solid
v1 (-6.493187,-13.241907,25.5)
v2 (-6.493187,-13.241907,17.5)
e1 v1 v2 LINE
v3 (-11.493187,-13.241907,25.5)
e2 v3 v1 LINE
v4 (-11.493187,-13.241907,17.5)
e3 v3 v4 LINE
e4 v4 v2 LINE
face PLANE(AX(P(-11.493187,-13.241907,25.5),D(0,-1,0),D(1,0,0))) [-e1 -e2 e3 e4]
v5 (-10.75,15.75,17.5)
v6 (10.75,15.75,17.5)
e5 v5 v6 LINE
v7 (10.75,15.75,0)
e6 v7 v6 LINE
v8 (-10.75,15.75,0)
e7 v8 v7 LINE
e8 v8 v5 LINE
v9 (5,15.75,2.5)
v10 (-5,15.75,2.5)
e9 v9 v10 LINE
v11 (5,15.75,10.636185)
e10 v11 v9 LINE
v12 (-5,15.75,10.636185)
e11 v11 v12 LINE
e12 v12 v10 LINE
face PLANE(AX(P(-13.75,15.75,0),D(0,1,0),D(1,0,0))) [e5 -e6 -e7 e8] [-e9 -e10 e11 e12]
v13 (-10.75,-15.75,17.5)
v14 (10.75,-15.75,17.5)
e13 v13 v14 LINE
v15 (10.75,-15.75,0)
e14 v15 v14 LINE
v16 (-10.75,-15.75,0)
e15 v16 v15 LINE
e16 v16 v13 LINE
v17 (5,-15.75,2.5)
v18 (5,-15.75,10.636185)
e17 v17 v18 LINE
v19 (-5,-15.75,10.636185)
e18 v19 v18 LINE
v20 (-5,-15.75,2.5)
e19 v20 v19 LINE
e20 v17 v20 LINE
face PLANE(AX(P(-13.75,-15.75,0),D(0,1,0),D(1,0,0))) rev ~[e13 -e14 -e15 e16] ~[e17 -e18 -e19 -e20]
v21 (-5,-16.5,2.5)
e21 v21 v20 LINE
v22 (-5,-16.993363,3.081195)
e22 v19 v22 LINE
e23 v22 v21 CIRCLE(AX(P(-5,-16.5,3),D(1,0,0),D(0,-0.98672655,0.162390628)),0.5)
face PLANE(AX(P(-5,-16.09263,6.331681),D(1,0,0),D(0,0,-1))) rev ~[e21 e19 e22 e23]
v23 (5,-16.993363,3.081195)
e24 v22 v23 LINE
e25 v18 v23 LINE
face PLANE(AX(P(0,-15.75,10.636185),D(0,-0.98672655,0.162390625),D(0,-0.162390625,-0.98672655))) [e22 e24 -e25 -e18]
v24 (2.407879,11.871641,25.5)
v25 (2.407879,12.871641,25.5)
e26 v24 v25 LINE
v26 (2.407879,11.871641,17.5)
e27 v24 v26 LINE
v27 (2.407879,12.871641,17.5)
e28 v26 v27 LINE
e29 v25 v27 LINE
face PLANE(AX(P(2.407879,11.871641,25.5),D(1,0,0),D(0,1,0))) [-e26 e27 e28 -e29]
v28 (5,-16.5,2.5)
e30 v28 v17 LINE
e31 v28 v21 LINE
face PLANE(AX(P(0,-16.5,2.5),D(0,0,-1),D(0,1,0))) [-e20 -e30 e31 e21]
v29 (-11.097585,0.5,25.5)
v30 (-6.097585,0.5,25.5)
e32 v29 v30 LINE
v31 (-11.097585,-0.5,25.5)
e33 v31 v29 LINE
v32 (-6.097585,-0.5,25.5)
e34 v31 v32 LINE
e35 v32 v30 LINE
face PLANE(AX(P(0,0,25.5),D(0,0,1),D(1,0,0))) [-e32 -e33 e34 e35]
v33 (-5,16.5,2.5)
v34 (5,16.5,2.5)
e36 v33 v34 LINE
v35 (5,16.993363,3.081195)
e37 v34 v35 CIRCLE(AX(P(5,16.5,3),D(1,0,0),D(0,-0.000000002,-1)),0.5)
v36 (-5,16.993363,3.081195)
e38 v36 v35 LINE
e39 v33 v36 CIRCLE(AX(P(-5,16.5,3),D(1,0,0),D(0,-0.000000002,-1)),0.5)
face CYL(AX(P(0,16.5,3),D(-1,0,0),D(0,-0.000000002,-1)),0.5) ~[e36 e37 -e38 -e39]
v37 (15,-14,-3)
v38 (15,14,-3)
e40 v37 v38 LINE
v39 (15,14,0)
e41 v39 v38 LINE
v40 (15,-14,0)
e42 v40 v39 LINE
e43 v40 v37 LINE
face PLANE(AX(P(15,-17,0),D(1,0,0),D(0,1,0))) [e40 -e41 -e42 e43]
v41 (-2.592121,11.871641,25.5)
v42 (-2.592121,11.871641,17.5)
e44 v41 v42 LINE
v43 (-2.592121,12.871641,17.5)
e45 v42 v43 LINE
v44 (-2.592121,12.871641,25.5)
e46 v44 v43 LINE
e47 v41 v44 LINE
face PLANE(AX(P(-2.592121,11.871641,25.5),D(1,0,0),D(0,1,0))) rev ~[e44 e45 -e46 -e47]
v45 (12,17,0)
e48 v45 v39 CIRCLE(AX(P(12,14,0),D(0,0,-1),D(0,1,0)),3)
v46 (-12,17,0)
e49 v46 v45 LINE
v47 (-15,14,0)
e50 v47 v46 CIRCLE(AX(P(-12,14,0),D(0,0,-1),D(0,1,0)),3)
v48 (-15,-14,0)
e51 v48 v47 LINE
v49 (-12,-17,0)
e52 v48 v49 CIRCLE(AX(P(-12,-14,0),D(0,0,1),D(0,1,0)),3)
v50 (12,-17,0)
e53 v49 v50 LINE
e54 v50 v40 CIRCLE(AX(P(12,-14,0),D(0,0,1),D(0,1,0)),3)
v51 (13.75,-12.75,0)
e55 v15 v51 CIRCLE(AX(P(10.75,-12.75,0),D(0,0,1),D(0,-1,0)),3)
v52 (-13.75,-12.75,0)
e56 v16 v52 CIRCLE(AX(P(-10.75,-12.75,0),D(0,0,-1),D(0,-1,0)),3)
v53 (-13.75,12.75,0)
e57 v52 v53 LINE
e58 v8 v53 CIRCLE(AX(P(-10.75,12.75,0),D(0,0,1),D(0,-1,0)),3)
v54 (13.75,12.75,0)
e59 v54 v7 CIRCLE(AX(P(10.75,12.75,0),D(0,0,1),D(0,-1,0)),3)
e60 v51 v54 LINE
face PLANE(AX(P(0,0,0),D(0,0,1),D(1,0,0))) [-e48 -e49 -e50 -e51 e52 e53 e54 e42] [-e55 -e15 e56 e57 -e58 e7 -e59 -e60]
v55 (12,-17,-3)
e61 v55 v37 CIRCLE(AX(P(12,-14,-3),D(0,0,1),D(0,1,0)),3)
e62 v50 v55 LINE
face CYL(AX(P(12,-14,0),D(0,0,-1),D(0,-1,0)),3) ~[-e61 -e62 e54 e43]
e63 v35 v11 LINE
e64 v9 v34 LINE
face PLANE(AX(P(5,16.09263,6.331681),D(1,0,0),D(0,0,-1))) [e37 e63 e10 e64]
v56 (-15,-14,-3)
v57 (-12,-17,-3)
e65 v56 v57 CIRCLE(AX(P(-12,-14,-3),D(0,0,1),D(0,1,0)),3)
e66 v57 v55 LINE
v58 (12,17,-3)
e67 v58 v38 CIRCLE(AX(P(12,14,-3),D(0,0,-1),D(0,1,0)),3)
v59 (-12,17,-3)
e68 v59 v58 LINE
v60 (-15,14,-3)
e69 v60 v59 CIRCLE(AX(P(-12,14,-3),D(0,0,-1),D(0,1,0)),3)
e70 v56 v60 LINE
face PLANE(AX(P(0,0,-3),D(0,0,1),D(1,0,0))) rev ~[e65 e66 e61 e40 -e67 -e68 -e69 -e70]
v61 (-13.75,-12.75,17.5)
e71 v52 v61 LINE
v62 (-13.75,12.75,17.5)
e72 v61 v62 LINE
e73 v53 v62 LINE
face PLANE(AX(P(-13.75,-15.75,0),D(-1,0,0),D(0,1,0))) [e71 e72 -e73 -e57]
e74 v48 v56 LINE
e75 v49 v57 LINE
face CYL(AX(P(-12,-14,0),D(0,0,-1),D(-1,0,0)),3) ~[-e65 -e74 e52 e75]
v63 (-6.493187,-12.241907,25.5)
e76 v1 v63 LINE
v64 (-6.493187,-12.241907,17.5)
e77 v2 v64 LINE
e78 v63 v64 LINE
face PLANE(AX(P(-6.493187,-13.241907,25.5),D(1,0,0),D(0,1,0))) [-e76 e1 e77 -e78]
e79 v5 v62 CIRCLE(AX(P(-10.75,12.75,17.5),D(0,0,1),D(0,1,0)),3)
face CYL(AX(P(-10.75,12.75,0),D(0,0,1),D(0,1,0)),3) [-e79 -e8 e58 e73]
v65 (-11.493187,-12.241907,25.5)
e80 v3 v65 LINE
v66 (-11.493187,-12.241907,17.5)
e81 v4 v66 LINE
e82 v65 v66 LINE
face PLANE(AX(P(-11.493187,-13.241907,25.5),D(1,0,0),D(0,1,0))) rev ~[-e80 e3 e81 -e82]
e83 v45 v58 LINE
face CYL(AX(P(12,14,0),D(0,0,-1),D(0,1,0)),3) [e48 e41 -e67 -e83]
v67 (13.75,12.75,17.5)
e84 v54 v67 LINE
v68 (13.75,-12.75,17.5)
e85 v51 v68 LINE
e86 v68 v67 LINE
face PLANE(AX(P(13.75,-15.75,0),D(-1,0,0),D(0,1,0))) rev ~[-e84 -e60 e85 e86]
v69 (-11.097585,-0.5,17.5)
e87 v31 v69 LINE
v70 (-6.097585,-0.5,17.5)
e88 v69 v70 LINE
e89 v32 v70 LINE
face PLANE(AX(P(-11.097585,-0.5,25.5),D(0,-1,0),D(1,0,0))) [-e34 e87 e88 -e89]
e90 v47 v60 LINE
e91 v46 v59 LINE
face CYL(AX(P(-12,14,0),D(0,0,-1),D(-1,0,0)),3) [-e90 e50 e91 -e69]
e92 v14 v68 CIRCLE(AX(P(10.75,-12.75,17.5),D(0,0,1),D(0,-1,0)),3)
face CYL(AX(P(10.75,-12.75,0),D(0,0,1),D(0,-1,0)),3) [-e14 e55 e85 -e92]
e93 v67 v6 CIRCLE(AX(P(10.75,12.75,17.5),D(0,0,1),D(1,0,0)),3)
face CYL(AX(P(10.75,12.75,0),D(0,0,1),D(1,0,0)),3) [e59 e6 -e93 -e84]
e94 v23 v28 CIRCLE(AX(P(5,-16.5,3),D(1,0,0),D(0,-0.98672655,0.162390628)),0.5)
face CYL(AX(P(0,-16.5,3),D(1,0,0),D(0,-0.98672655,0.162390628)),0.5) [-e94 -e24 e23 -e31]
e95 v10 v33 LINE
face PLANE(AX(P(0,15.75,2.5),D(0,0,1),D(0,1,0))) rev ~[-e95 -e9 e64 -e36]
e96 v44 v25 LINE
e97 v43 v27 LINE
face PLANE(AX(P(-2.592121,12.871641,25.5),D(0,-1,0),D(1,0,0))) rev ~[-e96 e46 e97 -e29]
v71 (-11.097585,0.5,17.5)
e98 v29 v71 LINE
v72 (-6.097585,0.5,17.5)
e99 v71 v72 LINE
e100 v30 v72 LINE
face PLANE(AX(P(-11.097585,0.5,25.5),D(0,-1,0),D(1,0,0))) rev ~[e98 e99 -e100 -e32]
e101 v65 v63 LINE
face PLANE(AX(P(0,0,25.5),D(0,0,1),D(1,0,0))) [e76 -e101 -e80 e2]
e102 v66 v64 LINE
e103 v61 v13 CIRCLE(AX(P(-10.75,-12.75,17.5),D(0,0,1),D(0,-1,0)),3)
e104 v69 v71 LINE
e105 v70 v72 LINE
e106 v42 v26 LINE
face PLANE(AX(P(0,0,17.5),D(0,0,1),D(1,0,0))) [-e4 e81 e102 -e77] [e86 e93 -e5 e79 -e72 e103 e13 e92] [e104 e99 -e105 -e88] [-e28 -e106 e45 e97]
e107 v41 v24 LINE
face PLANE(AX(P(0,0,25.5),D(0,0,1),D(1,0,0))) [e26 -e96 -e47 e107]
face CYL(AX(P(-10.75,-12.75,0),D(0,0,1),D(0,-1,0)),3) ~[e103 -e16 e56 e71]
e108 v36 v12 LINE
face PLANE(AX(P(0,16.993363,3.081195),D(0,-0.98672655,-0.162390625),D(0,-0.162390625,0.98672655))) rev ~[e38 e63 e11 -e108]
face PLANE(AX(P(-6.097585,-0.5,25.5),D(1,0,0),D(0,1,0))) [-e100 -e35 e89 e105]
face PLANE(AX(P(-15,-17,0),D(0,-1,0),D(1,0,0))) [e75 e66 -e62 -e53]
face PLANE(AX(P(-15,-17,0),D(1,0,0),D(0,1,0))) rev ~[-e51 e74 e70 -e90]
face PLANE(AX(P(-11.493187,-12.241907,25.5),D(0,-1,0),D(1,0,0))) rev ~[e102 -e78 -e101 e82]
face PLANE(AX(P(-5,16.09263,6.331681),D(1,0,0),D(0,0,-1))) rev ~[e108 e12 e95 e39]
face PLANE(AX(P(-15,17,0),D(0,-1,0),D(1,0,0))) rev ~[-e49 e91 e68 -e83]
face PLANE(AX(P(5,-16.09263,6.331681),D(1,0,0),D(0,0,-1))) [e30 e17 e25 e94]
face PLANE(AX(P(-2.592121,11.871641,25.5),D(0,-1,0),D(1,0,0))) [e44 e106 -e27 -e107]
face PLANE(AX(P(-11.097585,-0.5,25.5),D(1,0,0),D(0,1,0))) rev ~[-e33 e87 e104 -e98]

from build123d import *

# Parameters (mm, degrees)
SKETCH1_W           = 30
SKETCH1_H           = 34
BOSS_EXTRUDE1_DEPTH = 3
SKETCH3_W           = 27.5
SKETCH3_H           = 31.5
BOSS_EXTRUDE2_DEPTH = 25.5
FILLET1_R           = 3
BOSS_EXTRUDE3_DEPTH = 5
SKETCH5_OUTSIDE_W   = 42.712
SKETCH5_OUTSIDE_H   = 46.712
SKETCH5_OUTSIDE_W_2 = 5
SKETCH5_OUTSIDE_H_2 = 1
CUT_EXTRUDE1_DEPTH  = 8


with BuildPart() as part:
    # Sketch1 → Boss-Extrude1 (new body)
    with BuildSketch(Plane.XY):
        Rectangle(SKETCH1_W, SKETCH1_H)
    extrude(amount=-BOSS_EXTRUDE1_DEPTH)

    # Sketch3 → Boss-Extrude2 (add)
    with BuildSketch(Plane.XY):
        Rectangle(SKETCH3_W, SKETCH3_H)
    extrude(amount=BOSS_EXTRUDE2_DEPTH)

    # Fillet1
    fillet1_edges = [part.edges().sort_by_distance(p)[0] for p in [
        (13.75, -15.75, 12.75),
        (13.75, 15.75, 12.75),
        (-13.75, 15.75, 12.75),
        (-13.75, -15.75, 12.75),
        (15, -17, -1.5),
        (-15, -17, -1.5),
        (-15, 17, -1.5),
        (15, 17, -1.5),
    ]]
    fillet(fillet1_edges, radius=FILLET1_R)

    # Sketch4 → Boss-Extrude3 (add, symmetric)
    with BuildSketch(Plane(origin=(0, 0, 0), x_dir=(0, 0, -1), z_dir=(1, 0, 0))):
        with BuildLine():
            Line((-2.5, 15.75), (-2.5, 16.5))
            ThreePointArc((-2.5, 16.5), (-2.676424395, 16.881180834), (-3.081195313, 16.993363275))
            Line((-3.081195313, 16.993363275), (-10.636185348, 15.75))
            Line((-10.636185348, 15.75), (-2.5, 15.75))
        make_face()
        with BuildLine():
            Line((-2.5, -15.75), (-10.636185348, -15.75))
            Line((-10.636185348, -15.75), (-3.081195313, -16.993363275))
            ThreePointArc((-3.081195313, -16.993363275), (-2.676424395, -16.881180834), (-2.5, -16.5))
            Line((-2.5, -16.5), (-2.5, -15.75))
        make_face()
    extrude(amount=BOSS_EXTRUDE3_DEPTH, both=True)

    # Sketch5 outside → Cut-Extrude1 (cut)
    with BuildSketch(Plane.XY.offset(25.5)):
        Rectangle(SKETCH5_OUTSIDE_W, SKETCH5_OUTSIDE_H)
        with Locations((-8.597584861, 0)):
            Rectangle(SKETCH5_OUTSIDE_W_2, SKETCH5_OUTSIDE_H_2, mode=Mode.SUBTRACT)
        with Locations((-0.092121408, 12.371641233)):
            Rectangle(SKETCH5_OUTSIDE_W_2, SKETCH5_OUTSIDE_H_2, mode=Mode.SUBTRACT)
        with Locations((-8.993187032, -12.741906988)):
            Rectangle(SKETCH5_OUTSIDE_W_2, SKETCH5_OUTSIDE_H_2, mode=Mode.SUBTRACT)
    extrude(amount=-CUT_EXTRUDE1_DEPTH, mode=Mode.SUBTRACT)


solid = part.part
